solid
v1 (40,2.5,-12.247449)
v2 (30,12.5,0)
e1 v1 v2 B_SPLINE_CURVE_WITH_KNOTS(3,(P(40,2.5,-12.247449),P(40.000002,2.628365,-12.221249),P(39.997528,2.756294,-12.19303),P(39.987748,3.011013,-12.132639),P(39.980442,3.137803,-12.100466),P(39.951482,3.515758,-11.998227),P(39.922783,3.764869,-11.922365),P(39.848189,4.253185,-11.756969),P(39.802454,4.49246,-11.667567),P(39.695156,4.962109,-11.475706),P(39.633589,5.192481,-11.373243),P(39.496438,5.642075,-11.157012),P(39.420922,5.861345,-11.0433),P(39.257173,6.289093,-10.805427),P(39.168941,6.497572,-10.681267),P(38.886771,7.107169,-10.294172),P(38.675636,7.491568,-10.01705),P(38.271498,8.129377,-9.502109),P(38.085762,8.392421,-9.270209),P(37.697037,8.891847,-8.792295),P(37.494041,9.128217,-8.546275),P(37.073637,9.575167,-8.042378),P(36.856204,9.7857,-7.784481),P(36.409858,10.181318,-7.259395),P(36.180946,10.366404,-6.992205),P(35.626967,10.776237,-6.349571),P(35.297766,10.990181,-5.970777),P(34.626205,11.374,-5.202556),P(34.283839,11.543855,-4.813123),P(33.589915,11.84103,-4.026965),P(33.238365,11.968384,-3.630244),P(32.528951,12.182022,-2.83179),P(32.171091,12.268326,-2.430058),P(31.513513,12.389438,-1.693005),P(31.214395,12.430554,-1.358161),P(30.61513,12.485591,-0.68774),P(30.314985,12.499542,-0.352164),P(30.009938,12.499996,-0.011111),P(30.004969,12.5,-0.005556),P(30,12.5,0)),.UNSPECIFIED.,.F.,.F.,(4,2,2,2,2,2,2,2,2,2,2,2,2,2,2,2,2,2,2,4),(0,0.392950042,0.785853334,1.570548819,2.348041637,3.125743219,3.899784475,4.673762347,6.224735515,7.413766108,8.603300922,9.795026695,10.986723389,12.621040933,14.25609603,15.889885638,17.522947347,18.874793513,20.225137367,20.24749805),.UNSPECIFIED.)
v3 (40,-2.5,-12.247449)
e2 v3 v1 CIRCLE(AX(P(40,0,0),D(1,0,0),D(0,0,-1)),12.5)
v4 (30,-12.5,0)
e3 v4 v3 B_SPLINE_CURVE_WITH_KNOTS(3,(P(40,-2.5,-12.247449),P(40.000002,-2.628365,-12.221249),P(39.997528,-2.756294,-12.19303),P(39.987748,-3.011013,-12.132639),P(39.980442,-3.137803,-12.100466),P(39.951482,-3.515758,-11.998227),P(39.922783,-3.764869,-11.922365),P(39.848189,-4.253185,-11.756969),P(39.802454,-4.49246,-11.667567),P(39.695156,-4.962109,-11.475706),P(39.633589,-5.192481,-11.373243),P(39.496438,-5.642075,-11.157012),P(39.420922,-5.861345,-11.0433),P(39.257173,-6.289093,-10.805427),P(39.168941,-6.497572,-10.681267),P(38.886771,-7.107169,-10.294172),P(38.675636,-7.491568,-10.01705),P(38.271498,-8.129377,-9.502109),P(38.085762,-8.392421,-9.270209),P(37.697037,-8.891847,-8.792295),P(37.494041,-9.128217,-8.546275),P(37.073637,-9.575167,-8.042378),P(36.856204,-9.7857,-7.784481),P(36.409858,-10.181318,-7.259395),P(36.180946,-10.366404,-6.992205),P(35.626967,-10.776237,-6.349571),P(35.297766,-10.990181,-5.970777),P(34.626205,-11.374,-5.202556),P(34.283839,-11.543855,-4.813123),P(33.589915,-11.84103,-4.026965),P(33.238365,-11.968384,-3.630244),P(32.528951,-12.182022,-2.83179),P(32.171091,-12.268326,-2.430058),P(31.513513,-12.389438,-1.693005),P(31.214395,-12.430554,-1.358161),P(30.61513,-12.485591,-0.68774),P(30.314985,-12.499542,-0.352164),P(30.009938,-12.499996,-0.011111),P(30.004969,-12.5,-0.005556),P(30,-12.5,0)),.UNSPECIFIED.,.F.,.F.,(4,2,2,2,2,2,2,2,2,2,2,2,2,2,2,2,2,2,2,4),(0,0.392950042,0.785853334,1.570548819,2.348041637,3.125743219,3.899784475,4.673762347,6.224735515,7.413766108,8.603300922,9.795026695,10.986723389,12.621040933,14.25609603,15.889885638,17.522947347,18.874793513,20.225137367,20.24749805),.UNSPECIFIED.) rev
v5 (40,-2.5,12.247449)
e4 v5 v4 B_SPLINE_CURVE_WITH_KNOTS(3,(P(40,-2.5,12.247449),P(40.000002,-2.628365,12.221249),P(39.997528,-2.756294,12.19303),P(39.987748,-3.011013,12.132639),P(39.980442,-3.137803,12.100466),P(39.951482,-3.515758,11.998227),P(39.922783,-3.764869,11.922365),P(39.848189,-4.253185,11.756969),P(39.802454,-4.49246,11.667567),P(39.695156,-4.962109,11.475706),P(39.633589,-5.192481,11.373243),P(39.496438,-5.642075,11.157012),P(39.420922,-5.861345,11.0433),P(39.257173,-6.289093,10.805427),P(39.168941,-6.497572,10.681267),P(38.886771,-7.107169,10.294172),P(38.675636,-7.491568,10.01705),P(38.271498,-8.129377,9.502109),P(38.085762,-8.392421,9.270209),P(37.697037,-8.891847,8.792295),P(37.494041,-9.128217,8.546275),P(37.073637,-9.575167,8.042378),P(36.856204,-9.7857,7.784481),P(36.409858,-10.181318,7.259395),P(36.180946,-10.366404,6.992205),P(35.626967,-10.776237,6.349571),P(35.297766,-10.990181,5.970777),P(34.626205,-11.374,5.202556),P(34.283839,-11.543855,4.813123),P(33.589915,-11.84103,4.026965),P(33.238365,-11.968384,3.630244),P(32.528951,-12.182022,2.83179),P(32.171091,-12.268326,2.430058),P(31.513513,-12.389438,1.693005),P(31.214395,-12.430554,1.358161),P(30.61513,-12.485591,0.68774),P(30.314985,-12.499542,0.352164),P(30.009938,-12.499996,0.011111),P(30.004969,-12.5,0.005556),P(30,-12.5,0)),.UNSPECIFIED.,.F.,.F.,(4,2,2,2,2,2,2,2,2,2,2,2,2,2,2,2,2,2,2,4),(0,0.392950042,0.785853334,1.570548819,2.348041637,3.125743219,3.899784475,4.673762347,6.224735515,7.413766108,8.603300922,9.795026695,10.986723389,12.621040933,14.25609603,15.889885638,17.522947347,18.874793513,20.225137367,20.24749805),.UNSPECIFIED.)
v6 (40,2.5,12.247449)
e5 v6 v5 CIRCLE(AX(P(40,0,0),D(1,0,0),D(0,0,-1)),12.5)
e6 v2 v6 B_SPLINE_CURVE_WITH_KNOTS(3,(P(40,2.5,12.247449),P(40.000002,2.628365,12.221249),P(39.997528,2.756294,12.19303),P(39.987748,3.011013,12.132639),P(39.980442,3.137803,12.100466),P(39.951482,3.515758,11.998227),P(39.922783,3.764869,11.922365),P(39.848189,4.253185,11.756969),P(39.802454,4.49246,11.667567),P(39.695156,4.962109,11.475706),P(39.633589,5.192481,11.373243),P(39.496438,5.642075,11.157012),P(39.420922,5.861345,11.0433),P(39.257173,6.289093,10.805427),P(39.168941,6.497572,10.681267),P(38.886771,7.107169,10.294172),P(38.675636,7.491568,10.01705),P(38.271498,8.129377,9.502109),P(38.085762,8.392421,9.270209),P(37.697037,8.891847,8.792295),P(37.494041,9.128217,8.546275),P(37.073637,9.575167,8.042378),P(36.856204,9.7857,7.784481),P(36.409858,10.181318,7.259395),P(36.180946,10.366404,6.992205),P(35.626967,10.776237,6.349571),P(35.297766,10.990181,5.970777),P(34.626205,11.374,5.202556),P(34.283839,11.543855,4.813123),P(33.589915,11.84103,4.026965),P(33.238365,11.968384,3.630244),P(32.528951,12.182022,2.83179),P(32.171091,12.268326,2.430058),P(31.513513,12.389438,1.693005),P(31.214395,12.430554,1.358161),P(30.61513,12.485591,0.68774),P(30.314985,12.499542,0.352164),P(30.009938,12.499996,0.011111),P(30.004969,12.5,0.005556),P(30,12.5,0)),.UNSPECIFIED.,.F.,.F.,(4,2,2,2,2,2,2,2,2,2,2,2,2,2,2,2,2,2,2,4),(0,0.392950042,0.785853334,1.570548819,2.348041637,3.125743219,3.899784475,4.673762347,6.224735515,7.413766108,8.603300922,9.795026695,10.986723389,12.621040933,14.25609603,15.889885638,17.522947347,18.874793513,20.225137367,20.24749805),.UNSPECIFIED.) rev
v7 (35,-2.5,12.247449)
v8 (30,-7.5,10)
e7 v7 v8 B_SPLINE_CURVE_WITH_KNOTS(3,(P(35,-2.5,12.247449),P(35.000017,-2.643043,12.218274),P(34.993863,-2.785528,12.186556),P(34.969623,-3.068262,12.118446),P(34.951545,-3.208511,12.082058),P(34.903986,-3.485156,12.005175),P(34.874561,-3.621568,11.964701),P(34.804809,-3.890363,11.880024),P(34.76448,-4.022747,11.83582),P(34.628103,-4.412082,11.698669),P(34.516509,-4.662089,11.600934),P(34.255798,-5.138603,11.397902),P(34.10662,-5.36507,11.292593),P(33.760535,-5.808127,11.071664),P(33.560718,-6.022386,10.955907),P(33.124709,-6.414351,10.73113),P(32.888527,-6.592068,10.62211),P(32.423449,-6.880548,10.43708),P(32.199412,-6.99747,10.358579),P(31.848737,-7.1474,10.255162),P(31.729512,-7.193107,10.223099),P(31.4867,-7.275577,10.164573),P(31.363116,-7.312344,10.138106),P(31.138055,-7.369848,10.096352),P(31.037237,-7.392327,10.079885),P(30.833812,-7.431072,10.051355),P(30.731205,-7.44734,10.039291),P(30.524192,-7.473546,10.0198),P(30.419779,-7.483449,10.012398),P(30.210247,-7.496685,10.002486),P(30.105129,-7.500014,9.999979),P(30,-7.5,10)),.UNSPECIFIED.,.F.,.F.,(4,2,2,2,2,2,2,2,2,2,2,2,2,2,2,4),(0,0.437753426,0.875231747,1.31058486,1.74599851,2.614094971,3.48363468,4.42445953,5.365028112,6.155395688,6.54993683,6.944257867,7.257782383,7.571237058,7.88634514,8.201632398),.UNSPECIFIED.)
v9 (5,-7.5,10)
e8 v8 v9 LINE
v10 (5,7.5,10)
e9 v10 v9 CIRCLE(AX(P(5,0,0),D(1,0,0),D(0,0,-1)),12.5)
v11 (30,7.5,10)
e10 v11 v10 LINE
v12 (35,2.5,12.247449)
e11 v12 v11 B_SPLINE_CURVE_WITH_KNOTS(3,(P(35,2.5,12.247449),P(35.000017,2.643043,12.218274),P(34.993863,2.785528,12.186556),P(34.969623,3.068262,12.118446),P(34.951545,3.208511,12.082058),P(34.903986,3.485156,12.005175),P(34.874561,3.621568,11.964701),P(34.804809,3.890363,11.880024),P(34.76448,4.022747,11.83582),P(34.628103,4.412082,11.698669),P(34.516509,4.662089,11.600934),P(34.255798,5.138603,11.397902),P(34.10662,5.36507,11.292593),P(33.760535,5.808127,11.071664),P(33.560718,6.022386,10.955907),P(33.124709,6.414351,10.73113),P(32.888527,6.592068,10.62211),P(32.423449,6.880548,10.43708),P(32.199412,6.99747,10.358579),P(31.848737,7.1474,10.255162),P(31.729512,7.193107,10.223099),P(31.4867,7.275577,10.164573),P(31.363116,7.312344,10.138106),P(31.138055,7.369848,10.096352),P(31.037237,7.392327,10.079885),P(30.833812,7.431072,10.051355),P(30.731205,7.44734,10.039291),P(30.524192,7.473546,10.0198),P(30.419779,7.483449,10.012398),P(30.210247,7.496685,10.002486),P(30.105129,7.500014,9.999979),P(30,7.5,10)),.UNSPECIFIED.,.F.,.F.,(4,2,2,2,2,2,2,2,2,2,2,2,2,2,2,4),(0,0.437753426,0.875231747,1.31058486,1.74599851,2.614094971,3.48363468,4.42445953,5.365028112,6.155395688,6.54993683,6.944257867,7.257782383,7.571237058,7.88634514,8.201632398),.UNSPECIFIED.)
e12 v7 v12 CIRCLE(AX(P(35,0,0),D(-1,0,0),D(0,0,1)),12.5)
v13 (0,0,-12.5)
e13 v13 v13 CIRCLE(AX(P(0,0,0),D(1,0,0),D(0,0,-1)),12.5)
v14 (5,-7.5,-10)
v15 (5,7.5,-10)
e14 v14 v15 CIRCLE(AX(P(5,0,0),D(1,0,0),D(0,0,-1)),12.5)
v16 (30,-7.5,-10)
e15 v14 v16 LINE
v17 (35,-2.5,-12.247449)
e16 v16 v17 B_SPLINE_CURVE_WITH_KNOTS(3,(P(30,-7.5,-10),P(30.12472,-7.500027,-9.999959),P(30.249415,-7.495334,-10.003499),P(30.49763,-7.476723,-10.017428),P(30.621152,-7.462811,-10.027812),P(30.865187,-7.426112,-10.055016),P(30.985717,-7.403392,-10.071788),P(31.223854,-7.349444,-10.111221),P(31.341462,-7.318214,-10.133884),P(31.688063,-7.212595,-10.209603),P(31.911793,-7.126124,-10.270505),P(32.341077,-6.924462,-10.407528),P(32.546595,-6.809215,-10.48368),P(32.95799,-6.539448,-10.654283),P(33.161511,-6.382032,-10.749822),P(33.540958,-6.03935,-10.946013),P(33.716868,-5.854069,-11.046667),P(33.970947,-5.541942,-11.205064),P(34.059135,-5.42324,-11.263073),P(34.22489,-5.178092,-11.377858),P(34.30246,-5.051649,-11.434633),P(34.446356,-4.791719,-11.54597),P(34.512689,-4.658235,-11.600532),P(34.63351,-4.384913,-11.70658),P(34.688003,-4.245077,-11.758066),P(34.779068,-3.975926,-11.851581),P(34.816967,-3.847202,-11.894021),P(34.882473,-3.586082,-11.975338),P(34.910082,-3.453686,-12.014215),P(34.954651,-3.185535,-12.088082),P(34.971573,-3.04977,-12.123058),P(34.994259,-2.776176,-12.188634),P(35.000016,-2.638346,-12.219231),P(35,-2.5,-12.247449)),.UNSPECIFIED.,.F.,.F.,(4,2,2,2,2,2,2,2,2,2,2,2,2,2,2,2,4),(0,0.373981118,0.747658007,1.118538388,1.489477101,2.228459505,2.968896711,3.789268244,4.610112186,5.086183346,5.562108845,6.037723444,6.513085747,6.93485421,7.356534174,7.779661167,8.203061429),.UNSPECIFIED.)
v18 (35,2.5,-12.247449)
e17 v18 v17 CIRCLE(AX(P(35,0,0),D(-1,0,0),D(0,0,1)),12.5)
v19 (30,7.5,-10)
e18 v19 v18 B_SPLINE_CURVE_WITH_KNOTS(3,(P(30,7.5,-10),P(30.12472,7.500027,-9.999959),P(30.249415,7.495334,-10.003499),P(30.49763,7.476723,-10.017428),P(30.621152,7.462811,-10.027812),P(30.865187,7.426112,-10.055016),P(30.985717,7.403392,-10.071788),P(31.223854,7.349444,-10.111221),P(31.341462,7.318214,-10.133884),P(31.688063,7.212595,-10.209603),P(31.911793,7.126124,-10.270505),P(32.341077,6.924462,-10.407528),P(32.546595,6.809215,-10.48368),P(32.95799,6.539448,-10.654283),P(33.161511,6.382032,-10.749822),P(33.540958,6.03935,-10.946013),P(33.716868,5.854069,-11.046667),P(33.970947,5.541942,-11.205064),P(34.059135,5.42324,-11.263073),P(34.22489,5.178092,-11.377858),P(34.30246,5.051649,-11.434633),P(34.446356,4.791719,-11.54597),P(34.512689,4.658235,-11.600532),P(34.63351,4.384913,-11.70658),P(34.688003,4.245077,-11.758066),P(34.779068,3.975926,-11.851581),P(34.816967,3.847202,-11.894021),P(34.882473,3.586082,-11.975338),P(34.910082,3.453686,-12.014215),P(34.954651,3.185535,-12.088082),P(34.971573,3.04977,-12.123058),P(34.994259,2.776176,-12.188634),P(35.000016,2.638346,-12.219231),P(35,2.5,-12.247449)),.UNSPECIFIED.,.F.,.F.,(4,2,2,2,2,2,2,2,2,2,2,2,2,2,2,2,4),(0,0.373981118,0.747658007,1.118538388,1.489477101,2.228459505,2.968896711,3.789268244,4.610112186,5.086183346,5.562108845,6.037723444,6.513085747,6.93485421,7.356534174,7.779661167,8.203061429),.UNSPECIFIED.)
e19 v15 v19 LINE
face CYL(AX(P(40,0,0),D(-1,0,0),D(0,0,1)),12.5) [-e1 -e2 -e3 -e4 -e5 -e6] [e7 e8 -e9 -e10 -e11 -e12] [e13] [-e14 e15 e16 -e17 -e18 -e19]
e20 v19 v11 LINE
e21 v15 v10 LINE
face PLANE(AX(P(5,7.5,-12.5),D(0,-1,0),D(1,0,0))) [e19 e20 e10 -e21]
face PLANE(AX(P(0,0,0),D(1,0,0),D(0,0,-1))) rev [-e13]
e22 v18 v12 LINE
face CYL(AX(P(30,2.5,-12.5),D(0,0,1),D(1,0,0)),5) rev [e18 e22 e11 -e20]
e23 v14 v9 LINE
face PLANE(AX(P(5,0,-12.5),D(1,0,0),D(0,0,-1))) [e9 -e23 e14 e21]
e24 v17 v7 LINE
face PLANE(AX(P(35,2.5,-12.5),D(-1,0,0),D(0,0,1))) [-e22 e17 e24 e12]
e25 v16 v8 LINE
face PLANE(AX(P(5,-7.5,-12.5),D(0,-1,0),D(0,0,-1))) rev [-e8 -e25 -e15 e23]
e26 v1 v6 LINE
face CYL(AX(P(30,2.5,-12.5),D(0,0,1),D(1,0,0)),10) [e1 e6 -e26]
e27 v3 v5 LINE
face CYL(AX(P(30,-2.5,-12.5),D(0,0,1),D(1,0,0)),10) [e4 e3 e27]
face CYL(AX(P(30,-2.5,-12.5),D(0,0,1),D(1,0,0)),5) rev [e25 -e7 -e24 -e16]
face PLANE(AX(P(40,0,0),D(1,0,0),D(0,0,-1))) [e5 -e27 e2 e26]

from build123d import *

# Parameters (mm, degrees)
SKETCH1_R               = 12.5
BOSS_EXTRUDE4_DEPTH     = 40
CUT_EXTRUDE2_DEPTH      = 44.732139211
CUT_EXTRUDE2_DEPTH_BACK = 44.732139211
CUT_EXTRUDE6_DEPTH      = 44.73213936
CUT_EXTRUDE6_DEPTH_BACK = 44.73213936
CUT_EXTRUDE7_DEPTH      = 44.73213936
CUT_EXTRUDE7_DEPTH_BACK = 44.73213936


with BuildPart() as part:
    # Sketch1 → Boss-Extrude4 (new body)
    with BuildSketch(Plane(origin=(0, 0, 0), x_dir=(0, 0, -1), z_dir=(1, 0, 0))):
        Circle(SKETCH1_R)
    extrude(amount=BOSS_EXTRUDE4_DEPTH)

    # Sketch2 → Cut-Extrude2 (cut, two sides: drawn at the far end of the back side and taken through both)
    with BuildSketch(Plane.XY.offset(-CUT_EXTRUDE2_DEPTH_BACK)):
        with BuildLine():
            Line((5, 0), (5, 7.5))
            Line((5, 7.5), (30, 7.5))
            ThreePointArc((30, 7.5), (33.535533906, 6.035533906), (35, 2.5))
            Line((35, 2.5), (35, -2.5))
            ThreePointArc((35, -2.5), (33.535533906, -6.035533906), (30, -7.5))
            Line((30, -7.5), (5, -7.5))
            Line((5, -7.5), (5, 0))
        make_face()
    extrude(amount=CUT_EXTRUDE2_DEPTH + CUT_EXTRUDE2_DEPTH_BACK, mode=Mode.SUBTRACT)

    # Sketch4 → Cut-Extrude6 (cut, two sides: drawn at the far end of the back side and taken through both)
    with BuildSketch(Plane.XY.offset(-CUT_EXTRUDE6_DEPTH_BACK)):
        with BuildLine():
            Line((30, 12.5), (40, 12.5))
            Line((40, 12.5), (40, 2.5))
            ThreePointArc((40, 2.5), (37.071067812, 9.571067812), (30, 12.5))
        make_face()
    extrude(amount=CUT_EXTRUDE6_DEPTH + CUT_EXTRUDE6_DEPTH_BACK, mode=Mode.SUBTRACT)

    # Sketch5 → Cut-Extrude7 (cut, two sides: drawn at the far end of the back side and taken through both)
    with BuildSketch(Plane.XY.offset(-CUT_EXTRUDE7_DEPTH_BACK)):
        with BuildLine():
            Line((30, -12.5), (40, -12.5))
            Line((40, -12.5), (40, -2.5))
            ThreePointArc((40, -2.5), (37.071067812, -9.571067812), (30, -12.5))
        make_face()
    extrude(amount=CUT_EXTRUDE7_DEPTH + CUT_EXTRUDE7_DEPTH_BACK, mode=Mode.SUBTRACT)


solid = part.part
